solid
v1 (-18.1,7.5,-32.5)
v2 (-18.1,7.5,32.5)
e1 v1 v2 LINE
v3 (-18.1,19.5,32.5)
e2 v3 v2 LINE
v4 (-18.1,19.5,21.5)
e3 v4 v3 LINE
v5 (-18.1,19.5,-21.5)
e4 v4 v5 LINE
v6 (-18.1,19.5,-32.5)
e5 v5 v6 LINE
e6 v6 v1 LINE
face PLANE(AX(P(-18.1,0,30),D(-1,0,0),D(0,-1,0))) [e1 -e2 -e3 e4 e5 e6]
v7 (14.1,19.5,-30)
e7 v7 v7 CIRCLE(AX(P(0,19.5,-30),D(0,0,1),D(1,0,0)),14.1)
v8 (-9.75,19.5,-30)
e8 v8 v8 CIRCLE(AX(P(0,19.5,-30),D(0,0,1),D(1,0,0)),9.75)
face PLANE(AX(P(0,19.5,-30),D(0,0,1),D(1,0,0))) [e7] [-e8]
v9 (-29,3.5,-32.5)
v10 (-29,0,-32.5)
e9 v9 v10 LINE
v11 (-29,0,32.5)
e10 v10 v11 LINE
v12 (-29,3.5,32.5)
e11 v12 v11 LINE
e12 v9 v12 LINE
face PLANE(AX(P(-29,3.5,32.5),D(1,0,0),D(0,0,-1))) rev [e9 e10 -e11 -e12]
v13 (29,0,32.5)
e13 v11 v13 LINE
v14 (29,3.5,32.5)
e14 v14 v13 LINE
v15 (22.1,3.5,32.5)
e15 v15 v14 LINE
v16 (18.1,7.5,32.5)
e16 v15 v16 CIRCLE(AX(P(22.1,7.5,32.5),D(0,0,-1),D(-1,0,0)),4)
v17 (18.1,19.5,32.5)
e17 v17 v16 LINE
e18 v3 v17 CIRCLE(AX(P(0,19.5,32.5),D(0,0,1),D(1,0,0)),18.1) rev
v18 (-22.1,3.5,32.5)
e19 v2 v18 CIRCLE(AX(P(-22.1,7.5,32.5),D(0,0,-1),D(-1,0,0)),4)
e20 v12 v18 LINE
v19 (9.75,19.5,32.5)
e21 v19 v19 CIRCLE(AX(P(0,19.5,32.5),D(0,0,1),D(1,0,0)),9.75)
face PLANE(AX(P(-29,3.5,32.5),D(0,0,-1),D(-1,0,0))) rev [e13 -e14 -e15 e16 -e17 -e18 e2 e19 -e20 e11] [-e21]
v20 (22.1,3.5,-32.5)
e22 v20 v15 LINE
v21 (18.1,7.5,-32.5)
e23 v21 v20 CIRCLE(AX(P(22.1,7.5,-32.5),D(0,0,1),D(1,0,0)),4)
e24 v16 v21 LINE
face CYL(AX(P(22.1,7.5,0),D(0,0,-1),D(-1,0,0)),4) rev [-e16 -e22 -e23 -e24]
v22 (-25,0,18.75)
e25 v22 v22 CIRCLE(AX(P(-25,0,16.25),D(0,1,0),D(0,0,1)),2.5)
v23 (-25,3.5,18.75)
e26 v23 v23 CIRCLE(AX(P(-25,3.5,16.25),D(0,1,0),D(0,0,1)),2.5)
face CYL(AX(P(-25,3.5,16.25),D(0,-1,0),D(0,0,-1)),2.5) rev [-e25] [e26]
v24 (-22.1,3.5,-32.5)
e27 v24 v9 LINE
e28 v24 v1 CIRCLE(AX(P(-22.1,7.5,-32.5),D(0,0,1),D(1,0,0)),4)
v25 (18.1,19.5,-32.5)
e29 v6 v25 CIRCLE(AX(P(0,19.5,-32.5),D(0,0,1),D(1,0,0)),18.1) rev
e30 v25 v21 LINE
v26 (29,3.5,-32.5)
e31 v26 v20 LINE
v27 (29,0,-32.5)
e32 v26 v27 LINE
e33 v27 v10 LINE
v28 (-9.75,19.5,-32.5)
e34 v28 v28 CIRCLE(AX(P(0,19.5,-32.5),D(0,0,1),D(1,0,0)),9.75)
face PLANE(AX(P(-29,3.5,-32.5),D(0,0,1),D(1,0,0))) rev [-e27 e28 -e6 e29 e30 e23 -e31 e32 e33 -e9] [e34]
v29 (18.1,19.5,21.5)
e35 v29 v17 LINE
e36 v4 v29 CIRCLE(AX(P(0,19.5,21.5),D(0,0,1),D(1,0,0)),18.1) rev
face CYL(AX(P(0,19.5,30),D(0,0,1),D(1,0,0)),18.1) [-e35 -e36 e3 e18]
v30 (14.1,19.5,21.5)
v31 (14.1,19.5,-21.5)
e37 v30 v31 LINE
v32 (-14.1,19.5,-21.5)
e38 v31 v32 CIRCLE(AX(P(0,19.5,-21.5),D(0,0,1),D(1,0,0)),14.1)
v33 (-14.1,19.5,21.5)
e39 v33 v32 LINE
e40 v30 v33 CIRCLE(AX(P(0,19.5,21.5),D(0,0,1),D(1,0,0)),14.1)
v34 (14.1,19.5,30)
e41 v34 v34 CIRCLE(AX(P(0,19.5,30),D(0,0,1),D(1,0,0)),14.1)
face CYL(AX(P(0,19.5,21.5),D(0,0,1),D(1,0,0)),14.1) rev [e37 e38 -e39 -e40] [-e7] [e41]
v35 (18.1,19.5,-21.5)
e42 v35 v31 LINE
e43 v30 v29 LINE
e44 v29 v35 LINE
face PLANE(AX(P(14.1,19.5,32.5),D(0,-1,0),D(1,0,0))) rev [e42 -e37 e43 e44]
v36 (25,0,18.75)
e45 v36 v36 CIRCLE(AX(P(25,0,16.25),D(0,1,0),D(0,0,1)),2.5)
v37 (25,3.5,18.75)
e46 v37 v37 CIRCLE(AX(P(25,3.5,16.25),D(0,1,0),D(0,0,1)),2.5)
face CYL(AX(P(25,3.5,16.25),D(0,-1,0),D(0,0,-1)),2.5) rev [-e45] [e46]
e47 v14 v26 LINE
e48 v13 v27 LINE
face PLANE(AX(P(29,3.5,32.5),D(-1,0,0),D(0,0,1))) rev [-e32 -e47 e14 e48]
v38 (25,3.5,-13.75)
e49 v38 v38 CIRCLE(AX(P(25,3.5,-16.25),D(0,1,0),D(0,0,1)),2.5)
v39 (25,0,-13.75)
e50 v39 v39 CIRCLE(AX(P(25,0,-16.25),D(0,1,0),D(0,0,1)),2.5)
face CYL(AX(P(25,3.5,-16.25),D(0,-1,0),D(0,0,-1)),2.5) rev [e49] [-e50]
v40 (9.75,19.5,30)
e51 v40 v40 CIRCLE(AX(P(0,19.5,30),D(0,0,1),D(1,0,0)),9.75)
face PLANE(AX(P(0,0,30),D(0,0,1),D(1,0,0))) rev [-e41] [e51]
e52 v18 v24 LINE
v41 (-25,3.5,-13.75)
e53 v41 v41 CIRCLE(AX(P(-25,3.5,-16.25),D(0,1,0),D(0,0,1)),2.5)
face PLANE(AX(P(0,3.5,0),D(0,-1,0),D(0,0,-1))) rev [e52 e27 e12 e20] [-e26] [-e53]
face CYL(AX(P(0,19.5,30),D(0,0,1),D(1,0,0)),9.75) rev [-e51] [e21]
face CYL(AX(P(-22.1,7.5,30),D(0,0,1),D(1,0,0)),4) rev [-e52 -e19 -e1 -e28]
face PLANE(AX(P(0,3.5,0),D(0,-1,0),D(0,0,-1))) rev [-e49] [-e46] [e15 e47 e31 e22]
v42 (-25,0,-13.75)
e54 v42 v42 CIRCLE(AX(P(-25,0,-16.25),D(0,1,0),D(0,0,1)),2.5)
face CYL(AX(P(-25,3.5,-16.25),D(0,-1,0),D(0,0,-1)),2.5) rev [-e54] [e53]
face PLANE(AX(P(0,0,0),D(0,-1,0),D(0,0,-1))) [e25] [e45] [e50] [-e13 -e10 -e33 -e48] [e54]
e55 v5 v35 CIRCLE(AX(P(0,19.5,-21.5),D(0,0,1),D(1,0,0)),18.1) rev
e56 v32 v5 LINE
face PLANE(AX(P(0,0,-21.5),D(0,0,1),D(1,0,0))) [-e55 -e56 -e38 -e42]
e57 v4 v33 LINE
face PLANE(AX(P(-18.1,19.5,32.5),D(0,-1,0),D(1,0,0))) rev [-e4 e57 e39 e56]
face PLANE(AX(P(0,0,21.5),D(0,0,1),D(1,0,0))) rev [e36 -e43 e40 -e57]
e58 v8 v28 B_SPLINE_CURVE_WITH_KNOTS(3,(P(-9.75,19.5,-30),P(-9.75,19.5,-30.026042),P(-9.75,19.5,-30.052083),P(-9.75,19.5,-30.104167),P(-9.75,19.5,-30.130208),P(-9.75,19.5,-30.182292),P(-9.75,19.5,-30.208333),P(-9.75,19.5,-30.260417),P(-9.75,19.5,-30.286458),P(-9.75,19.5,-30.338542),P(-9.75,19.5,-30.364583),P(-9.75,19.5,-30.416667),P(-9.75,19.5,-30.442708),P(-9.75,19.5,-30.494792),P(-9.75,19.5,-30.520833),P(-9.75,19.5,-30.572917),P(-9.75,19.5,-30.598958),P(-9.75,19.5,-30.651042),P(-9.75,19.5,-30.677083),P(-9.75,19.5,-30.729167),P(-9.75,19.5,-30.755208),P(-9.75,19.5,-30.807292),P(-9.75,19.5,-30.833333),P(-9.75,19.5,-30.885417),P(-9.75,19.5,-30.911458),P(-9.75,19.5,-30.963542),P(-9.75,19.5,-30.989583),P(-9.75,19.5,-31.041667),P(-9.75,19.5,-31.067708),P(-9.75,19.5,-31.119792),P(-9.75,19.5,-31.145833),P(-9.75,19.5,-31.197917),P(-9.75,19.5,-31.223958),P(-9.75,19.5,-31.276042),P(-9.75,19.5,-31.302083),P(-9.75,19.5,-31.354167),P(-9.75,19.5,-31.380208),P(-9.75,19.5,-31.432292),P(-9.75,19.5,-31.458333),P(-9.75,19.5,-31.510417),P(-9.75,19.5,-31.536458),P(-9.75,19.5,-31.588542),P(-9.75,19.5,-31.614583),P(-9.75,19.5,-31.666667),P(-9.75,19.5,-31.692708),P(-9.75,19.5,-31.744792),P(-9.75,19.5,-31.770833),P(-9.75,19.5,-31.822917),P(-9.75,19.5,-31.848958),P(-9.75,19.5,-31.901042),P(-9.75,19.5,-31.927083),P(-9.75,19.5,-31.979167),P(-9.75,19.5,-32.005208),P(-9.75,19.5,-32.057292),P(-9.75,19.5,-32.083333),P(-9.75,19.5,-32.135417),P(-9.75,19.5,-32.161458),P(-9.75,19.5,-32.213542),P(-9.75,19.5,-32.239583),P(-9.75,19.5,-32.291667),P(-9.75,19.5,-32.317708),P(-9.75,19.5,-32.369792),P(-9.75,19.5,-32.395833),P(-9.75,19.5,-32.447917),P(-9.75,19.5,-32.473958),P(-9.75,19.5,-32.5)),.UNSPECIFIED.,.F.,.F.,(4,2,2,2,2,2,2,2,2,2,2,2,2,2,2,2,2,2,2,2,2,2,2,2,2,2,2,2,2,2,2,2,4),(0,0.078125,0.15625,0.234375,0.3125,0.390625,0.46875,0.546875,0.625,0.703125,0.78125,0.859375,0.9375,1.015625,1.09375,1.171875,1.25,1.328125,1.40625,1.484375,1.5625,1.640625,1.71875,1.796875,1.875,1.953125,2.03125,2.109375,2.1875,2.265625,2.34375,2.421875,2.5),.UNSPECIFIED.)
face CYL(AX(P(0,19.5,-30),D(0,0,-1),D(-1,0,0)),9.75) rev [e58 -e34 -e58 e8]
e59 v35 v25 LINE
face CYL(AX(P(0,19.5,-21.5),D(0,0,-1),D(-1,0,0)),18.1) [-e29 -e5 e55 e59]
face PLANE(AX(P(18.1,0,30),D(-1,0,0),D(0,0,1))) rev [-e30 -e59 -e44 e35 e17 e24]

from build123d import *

# Parameters (mm, degrees)
SKETCH1_W           = 58
SKETCH1_H           = 65
SKETCH1_R           = 2.5
BOSS_EXTRUDE1_DEPTH = 3.5
SKETCH2_R           = 14.1
SKETCH2_R_2         = 9.75
BOSS_EXTRUDE2_DEPTH = 2.5
SKETCH2_3_R         = 14.1
BOSS_EXTRUDE3_DEPTH = 11
BOSS_EXTRUDE4_START = -54
SKETCH2_4_R         = 14.1
BOSS_EXTRUDE4_DEPTH = 11
BOSS_EXTRUDE5_START = -62.5
SKETCH2_5_R         = 14.1
SKETCH2_5_R_2       = 9.75
BOSS_EXTRUDE5_DEPTH = 2.5
FILLET3_R           = 4
BOSS_EXTRUDE6_REACH = 73.908


with BuildPart() as part:
    # Sketch1 → Boss-Extrude1 (new body)
    with BuildSketch(Plane(origin=(0, 0, 0), x_dir=(1, 0, 0), z_dir=(0, 1, 0))):
        Rectangle(SKETCH1_W, SKETCH1_H)
        with Locations(Location((-25, -16.25, 0), (0, 0, 270))):
            Circle(SKETCH1_R, mode=Mode.SUBTRACT)
        with Locations(Location((25, -16.25, 0), (0, 0, 270))):
            Circle(SKETCH1_R, mode=Mode.SUBTRACT)
        with Locations(Location((25, 16.25, 0), (0, 0, 270))):
            Circle(SKETCH1_R, mode=Mode.SUBTRACT)
        with Locations(Location((-25, 16.25, 0), (0, 0, 270))):
            Circle(SKETCH1_R, mode=Mode.SUBTRACT)
    extrude(amount=BOSS_EXTRUDE1_DEPTH)

    # Sketch2 → Boss-Extrude2 (add)
    # profile 1 of 2: a face of its own
    with BuildSketch(Plane.XY.offset(32.5)):
        with BuildLine():
            ThreePointArc((18.1, 19.5), (0, 37.6), (-18.1, 19.5))
            Line((-18.1, 19.5), (-18.1, 3.5))
            Line((-18.1, 3.5), (18.1, 3.5))
            Line((18.1, 3.5), (18.1, 19.5))
        make_face()
        with Locations((0, 19.5)):
            Circle(SKETCH2_R, mode=Mode.SUBTRACT)
    # profile 2 of 2: a face of its own
    with BuildSketch(Plane.XY.offset(32.5)):
        with Locations((0, 19.5)):
            Circle(SKETCH2_R)
        with Locations((0, 19.5)):
            Circle(SKETCH2_R_2, mode=Mode.SUBTRACT)
    extrude(amount=-BOSS_EXTRUDE2_DEPTH)

    # Sketch2<3> → Boss-Extrude3 (add)
    with BuildSketch(Plane.XY.offset(32.5)):
        with BuildLine():
            ThreePointArc((18.1, 19.5), (0, 37.6), (-18.1, 19.5))
            Line((-18.1, 19.5), (-18.1, 3.5))
            Line((-18.1, 3.5), (18.1, 3.5))
            Line((18.1, 3.5), (18.1, 19.5))
        make_face()
        with Locations((0, 19.5)):
            Circle(SKETCH2_3_R, mode=Mode.SUBTRACT)
    extrude(amount=-BOSS_EXTRUDE3_DEPTH)

    # Sketch2<4> → Boss-Extrude4 (add)
    with BuildSketch(Plane.XY.offset(32.5).offset(BOSS_EXTRUDE4_START)):
        with BuildLine():
            ThreePointArc((18.1, 19.5), (0, 37.6), (-18.1, 19.5))
            Line((-18.1, 19.5), (-18.1, 3.5))
            Line((-18.1, 3.5), (-29, 3.5))
            Line((-29, 3.5), (-29, 0))
            Line((-29, 0), (29, 0))
            Line((29, 0), (29, 3.5))
            Line((29, 3.5), (18.1, 3.5))
            Line((18.1, 3.5), (18.1, 19.5))
        make_face()
        with Locations((0, 19.5)):
            Circle(SKETCH2_4_R, mode=Mode.SUBTRACT)
    extrude(amount=-BOSS_EXTRUDE4_DEPTH)

    # Sketch2<5> → Boss-Extrude5 (add)
    with BuildSketch(Plane.XY.offset(32.5).offset(BOSS_EXTRUDE5_START)):
        with Locations((0, 19.5)):
            Circle(SKETCH2_5_R)
        with Locations((0, 19.5)):
            Circle(SKETCH2_5_R_2, mode=Mode.SUBTRACT)
    extrude(amount=-BOSS_EXTRUDE5_DEPTH)

    # Fillet3
    fillet3_edges = [part.edges().sort_by_distance(p)[0] for p in [
        (18.1, 3.5, 27),
        (-18.1, 3.5, 27),
        (-18.1, 3.5, -27),
        (18.1, 3.5, -27),
    ]]
    fillet(fillet3_edges, radius=FILLET3_R)

    # Sketch6 → Boss-Extrude6 (add, up to next)
    with BuildSketch(Plane.XY.offset(-21.5), mode=Mode.PRIVATE) as boss_extrude6_sk1:
        with BuildLine():
            Line((-18.1, 7.5), (-18.1, 19.5))
            Line((-18.1, 19.5), (-14.1, 19.5))
            ThreePointArc((-14.1, 19.5), (0, 5.4), (14.1, 19.5))
            Line((14.1, 19.5), (18.1, 19.5))
            Line((18.1, 19.5), (18.1, 7.5))
            ThreePointArc((18.1, 7.5), (19.271572875, 4.671572875), (22.1, 3.5))
            Line((22.1, 3.5), (-22.1, 3.5))
            ThreePointArc((-22.1, 3.5), (-19.271572875, 4.671572875), (-18.1, 7.5))
        make_face()
    boss_extrude6_tool1 = extrude(boss_extrude6_sk1.sketch, amount=BOSS_EXTRUDE6_REACH, mode=Mode.PRIVATE) - part.part
    add(boss_extrude6_tool1.solids().sort_by_distance((-18.939185, 4.339185, -21.5))[0])


solid = part.part
